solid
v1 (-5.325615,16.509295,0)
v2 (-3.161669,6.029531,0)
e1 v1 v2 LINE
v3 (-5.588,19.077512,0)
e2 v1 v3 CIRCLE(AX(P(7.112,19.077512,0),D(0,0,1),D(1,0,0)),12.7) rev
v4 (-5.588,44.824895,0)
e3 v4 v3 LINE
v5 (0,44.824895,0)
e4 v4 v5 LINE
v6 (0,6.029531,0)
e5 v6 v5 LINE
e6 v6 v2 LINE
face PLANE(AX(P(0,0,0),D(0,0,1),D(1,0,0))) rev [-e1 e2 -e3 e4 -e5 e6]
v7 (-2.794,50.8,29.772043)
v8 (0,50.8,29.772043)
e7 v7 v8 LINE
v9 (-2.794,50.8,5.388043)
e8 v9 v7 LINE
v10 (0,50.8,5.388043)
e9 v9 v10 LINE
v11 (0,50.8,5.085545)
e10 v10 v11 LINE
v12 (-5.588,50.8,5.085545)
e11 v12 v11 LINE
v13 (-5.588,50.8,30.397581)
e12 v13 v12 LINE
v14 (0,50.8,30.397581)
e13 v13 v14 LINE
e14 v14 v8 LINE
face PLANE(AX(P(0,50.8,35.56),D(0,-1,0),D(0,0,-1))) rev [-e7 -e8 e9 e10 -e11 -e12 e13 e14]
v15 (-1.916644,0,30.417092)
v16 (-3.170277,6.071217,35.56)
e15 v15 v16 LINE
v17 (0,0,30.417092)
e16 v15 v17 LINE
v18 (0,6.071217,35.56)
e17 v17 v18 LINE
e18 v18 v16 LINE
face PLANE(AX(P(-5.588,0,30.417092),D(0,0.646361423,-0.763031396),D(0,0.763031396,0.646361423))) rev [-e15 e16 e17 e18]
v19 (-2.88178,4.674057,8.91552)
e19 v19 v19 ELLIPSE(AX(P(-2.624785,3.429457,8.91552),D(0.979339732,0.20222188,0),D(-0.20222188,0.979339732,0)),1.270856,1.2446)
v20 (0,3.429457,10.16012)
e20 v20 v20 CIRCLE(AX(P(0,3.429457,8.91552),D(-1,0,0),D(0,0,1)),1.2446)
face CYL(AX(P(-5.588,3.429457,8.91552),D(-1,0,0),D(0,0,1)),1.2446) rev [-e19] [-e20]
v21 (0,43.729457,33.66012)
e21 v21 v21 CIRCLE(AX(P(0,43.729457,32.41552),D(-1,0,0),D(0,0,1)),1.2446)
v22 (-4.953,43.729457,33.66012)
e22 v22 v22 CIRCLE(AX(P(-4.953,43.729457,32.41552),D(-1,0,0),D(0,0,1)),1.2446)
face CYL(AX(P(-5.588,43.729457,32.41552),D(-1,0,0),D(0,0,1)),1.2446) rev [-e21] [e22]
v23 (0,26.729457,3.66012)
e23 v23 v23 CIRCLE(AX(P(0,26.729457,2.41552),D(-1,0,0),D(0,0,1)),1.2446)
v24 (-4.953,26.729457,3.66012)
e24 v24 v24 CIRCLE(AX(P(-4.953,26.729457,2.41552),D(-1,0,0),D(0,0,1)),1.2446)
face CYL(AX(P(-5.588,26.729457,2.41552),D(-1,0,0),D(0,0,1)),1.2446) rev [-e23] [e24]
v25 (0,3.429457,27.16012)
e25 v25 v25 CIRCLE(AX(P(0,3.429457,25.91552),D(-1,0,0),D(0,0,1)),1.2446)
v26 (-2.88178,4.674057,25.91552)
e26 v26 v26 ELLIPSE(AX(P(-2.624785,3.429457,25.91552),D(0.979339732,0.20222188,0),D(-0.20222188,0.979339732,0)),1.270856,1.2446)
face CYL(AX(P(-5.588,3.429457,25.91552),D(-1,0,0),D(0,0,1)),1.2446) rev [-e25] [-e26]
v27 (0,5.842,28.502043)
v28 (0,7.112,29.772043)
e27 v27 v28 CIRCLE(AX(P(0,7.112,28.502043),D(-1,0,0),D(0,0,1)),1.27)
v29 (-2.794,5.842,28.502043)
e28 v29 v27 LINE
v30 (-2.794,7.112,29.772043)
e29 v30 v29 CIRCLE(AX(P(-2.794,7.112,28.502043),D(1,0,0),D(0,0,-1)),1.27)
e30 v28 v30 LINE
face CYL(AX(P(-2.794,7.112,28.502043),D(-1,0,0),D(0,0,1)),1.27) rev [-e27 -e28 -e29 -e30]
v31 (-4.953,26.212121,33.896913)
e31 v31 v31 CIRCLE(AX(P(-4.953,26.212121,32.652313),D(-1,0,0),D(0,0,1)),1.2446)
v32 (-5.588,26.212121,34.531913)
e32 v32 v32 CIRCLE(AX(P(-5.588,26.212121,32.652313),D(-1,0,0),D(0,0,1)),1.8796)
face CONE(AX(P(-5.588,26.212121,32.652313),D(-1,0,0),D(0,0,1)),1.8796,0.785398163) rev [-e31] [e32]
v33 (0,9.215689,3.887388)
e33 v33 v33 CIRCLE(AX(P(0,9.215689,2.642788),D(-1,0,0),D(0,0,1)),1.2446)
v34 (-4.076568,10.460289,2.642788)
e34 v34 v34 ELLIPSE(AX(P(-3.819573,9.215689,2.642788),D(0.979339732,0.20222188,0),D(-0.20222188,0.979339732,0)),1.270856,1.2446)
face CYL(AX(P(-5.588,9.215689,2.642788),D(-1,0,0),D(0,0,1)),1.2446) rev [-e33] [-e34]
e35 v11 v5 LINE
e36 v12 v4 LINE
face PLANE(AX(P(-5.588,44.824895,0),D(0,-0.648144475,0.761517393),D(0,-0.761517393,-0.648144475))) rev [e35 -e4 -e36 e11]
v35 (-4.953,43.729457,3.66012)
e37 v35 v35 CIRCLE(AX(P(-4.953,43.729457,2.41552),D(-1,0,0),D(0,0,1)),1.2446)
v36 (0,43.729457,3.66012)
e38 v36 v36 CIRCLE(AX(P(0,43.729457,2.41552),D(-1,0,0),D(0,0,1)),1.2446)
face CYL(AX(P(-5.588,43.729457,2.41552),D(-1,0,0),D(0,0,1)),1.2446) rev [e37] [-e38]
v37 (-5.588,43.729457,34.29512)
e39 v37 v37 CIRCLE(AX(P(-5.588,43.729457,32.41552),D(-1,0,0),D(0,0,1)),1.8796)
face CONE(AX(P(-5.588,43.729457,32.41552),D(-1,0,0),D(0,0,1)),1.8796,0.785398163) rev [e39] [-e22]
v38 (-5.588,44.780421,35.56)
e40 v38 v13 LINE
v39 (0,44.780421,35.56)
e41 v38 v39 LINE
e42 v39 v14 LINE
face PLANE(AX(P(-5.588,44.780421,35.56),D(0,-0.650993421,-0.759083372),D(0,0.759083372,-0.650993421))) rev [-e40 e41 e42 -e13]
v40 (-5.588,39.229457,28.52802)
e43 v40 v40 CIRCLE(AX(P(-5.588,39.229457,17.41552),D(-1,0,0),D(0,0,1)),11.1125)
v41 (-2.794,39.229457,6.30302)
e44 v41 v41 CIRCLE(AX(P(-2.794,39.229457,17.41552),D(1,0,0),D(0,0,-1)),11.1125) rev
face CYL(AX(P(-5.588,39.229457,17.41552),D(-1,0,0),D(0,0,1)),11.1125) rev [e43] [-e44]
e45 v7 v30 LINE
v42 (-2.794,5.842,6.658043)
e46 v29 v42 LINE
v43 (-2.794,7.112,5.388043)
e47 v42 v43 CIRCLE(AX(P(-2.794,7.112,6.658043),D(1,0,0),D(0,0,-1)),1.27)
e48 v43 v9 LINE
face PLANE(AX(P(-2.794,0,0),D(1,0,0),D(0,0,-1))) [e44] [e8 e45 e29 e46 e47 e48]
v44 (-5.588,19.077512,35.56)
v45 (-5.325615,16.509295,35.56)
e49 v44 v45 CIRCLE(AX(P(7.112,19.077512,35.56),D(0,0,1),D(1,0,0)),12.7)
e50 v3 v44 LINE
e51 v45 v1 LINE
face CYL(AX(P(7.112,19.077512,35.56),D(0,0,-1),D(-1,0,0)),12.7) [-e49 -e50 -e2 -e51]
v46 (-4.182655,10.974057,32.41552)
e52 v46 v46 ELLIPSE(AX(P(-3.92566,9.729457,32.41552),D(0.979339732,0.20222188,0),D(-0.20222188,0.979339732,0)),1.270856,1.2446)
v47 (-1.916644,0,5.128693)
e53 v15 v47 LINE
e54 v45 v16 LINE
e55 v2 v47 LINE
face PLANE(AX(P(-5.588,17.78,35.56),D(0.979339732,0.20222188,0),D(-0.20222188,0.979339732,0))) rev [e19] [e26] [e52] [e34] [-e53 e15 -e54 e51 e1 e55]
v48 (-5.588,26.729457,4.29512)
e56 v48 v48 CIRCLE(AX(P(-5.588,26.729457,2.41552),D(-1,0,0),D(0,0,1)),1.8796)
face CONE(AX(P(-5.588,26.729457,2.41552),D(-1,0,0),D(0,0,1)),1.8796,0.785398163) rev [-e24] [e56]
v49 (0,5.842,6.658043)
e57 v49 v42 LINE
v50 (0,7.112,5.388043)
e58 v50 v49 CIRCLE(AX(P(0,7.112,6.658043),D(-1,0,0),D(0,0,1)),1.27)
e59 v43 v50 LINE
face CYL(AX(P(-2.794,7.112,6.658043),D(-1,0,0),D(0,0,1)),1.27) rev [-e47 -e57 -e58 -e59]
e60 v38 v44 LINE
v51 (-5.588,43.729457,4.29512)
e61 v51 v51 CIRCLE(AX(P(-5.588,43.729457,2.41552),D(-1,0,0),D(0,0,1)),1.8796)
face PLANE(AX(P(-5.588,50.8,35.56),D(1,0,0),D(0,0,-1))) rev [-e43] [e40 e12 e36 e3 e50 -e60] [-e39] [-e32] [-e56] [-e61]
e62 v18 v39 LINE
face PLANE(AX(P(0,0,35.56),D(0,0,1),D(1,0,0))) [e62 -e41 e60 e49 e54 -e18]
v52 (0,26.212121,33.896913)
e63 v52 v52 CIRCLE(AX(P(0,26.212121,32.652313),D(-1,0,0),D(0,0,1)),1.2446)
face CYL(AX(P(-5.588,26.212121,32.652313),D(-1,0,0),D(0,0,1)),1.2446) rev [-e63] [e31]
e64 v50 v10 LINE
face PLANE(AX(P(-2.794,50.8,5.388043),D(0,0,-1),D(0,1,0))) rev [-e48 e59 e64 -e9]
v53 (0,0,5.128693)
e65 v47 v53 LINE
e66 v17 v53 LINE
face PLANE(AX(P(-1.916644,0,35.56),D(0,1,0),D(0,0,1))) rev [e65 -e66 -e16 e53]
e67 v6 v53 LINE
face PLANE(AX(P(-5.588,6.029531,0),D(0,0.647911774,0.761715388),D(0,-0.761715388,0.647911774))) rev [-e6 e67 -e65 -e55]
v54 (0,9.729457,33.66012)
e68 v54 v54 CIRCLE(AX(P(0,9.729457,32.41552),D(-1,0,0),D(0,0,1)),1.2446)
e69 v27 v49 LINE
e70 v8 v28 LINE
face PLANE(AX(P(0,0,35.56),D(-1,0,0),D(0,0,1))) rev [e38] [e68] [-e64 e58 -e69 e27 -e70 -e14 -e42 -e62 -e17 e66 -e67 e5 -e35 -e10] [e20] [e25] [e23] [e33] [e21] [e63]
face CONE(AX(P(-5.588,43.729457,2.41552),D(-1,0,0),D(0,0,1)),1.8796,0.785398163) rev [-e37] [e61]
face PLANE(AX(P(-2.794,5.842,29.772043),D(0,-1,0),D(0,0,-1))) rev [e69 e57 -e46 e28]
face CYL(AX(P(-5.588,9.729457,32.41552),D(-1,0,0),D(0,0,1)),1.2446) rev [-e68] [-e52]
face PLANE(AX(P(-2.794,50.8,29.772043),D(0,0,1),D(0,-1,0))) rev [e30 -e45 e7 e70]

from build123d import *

# Parameters (mm, degrees)
BOSS_EXTRUDE1_DEPTH                   = 35.56
FILLET1_R                             = 12.7
F_7_8_0_875_DIAMETER_HOLE1_D          = 22.225
SKETCH6_W                             = 24.384
SKETCH6_H                             = 44.958
CUT_EXTRUDE1_DEPTH                    = 2.794
FILLET2_R                             = 1.27
F_40_0_098_DIAMETER_HOLE1_D           = 2.4892
F_40_0_098_DIAMETER_HOLE1_CSINK_D     = 3.7592
F_40_0_098_DIAMETER_HOLE1_CSINK_ANGLE = 90
CUT_EXTRUDE3_DEPTH                    = 63.260576162
CUT_EXTRUDE4_DEPTH                    = 63.260576162


with BuildPart() as part:
    # Sketch1 → Boss-Extrude1 (new body)
    with BuildSketch(Plane.XY):
        Polygon((0, 0), (0, 50.8), (-5.588, 50.8), (-5.588, 17.78), (-1.916643762, 0), align=None)
    extrude(amount=BOSS_EXTRUDE1_DEPTH)

    # Fillet1
    fillet1_edges = [part.edges().sort_by_distance(p)[0] for p in [
        (-5.588, 17.78, 17.78),
    ]]
    fillet(fillet1_edges, radius=FILLET1_R)

    # 7/8 (0.875) Diameter Hole1 (through all)
    with Locations(Plane.ZY.offset(5.588)):
        with Locations((17.415519888, 39.229457165)):
            Hole(F_7_8_0_875_DIAMETER_HOLE1_D / 2)

    # Sketch6 → Cut-Extrude1 (cut)
    with BuildSketch(Plane(origin=(0, 0, 0), x_dir=(0, 0, -1), z_dir=(1, 0, 0))):
        with Locations((-17.580042727, 28.321)):
            Rectangle(SKETCH6_W, SKETCH6_H)
    extrude(amount=-CUT_EXTRUDE1_DEPTH, mode=Mode.SUBTRACT)

    # Fillet2
    fillet2_edges = [part.edges().sort_by_distance(p)[0] for p in [
        (-1.397, 5.842, 29.772042727),
        (-1.397, 5.842, 5.388042727),
    ]]
    fillet(fillet2_edges, radius=FILLET2_R)

    # #40 (0.098) Diameter Hole1 (through all)
    with Locations(Plane.ZY.offset(5.588)):
        with Locations((32.415519888, 43.729457165), (32.652313364, 26.212120957), (32.415519888, 9.729457165), (25.915519888, 3.429457165), (8.915519888, 3.429457165), (2.642788208, 9.215688736), (2.415519888, 26.729457165), (2.415519888, 43.729457165)):
            CounterSinkHole(F_40_0_098_DIAMETER_HOLE1_D / 2, F_40_0_098_DIAMETER_HOLE1_CSINK_D / 2, counter_sink_angle=F_40_0_098_DIAMETER_HOLE1_CSINK_ANGLE)

    # Sketch10 → Cut-Extrude3 (cut, through all)
    with BuildSketch(Plane(origin=(0, 0, 0), x_dir=(0, 0, -1), z_dir=(1, 0, 0))):
        Polygon((-35.56, 44.780420684), (-30.397580851, 50.8), (-35.56, 50.8), align=None)
    extrude(amount=-CUT_EXTRUDE3_DEPTH, mode=Mode.SUBTRACT)

    # Sketch11 → Cut-Extrude4 (cut, through all)
    with BuildSketch(Plane(origin=(0, 0, 0), x_dir=(0, 0, -1), z_dir=(1, 0, 0))):
        Polygon((-5.085545117, 50.8), (0, 50.8), (0, 44.824895363), align=None)
        Polygon((0, 6.029531172), (-5.128692816, 0), (0, 0), align=None)
        Polygon((-35.56, 6.07121688), (-35.56, 0), (-30.417091858, 0), align=None)
    extrude(amount=-CUT_EXTRUDE4_DEPTH, mode=Mode.SUBTRACT)


solid = part.part
